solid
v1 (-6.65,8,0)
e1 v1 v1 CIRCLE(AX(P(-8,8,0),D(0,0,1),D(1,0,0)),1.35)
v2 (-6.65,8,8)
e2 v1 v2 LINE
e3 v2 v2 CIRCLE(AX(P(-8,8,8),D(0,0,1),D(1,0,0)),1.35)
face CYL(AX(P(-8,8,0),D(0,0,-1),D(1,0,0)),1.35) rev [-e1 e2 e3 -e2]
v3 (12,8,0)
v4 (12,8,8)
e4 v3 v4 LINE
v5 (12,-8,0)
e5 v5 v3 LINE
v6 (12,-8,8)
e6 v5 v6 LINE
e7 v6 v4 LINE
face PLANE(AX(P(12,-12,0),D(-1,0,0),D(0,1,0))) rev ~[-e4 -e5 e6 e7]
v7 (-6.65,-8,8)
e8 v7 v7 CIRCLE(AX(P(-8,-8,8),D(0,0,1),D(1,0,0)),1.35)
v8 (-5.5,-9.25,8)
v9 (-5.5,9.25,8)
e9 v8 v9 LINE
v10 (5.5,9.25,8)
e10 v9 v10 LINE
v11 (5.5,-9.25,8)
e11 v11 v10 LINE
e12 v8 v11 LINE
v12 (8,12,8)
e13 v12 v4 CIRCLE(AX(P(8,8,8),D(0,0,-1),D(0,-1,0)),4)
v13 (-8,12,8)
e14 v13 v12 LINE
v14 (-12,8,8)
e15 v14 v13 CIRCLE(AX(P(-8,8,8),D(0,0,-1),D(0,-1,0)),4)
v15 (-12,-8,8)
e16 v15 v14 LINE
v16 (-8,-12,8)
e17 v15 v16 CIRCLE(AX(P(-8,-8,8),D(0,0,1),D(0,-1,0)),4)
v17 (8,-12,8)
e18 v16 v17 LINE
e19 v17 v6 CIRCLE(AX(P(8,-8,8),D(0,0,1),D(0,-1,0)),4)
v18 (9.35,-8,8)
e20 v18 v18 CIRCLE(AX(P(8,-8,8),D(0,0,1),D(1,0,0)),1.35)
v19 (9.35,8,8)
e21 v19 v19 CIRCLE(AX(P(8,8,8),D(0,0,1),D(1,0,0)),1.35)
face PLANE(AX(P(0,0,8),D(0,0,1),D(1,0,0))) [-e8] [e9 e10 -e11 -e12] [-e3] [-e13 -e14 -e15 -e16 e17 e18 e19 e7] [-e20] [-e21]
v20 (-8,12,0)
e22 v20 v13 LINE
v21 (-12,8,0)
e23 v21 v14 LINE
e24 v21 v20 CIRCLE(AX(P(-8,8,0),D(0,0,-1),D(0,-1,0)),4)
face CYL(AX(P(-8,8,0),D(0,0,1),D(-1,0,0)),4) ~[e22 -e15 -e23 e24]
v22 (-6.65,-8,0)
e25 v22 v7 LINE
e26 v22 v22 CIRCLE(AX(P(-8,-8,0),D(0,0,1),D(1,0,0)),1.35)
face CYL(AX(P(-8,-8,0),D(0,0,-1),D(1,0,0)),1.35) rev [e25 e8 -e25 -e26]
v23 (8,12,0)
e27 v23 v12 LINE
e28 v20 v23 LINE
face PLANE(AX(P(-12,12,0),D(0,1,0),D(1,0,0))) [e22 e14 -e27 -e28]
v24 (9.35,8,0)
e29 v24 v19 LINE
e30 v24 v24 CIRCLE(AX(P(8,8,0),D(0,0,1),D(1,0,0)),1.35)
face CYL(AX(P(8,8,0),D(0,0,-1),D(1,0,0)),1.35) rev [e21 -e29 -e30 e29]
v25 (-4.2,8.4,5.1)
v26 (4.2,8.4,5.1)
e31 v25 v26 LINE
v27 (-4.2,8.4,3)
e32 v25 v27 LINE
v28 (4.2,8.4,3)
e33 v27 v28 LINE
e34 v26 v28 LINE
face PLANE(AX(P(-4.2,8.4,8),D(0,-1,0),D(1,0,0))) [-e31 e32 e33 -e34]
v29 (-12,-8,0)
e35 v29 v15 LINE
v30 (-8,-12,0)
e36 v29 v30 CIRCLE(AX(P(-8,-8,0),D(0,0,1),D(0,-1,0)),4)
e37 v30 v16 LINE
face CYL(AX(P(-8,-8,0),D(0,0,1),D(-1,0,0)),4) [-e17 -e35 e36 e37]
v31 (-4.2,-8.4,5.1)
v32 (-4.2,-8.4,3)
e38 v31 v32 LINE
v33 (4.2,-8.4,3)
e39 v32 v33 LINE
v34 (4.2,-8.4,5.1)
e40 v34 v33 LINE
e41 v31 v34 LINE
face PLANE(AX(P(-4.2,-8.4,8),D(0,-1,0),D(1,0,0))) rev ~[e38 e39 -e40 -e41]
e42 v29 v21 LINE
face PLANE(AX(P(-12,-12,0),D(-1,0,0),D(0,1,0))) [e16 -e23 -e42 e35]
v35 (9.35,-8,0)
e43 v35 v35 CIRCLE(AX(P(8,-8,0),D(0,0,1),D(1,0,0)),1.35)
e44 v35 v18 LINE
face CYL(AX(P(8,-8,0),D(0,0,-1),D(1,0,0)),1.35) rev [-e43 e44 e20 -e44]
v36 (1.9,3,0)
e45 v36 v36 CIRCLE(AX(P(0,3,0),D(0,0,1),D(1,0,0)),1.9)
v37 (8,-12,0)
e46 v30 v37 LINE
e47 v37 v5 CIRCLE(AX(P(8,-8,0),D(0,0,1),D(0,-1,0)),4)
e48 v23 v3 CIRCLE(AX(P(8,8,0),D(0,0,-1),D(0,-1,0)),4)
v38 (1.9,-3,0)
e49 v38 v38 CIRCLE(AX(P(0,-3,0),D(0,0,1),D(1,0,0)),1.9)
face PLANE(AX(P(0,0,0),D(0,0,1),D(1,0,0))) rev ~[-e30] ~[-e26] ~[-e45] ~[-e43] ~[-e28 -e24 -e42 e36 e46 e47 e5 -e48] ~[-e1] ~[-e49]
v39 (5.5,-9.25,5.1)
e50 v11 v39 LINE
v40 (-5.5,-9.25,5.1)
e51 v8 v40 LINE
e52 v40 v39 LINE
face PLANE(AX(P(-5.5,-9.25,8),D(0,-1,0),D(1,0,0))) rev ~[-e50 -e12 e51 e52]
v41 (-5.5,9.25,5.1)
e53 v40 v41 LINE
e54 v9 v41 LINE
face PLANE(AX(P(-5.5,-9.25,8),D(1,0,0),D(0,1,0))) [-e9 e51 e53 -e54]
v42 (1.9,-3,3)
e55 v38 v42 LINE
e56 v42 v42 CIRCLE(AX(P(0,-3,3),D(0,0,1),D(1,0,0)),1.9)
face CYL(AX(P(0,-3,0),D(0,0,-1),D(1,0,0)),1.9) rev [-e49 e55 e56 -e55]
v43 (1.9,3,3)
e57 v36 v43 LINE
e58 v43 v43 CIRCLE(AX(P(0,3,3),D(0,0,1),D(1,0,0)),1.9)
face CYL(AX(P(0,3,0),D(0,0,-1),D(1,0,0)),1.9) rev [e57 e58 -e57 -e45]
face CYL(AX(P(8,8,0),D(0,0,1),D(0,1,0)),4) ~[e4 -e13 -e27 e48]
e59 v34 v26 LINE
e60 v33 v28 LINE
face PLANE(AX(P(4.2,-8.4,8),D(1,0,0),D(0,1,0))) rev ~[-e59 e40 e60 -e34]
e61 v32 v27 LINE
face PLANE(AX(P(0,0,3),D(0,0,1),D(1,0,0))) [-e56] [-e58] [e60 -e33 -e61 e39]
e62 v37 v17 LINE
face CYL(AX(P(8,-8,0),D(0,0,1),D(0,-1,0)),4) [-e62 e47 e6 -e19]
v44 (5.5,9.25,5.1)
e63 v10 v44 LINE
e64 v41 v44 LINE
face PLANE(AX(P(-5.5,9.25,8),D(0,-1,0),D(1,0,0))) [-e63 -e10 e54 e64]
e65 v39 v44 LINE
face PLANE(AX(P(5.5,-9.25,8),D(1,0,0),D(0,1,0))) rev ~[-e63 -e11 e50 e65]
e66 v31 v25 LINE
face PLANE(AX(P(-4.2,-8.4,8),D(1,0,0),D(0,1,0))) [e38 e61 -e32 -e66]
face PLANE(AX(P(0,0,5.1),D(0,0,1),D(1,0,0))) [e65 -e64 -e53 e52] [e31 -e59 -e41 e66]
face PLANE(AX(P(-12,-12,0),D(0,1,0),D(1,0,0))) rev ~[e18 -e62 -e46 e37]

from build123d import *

# Parameters (mm, degrees)
F0_W     = 24
F0_H     = 24
F0_R     = 1.35
F0_R_2   = 1.9
F1_DEPTH = 8
F2_W     = 8.4
F2_H     = 16.8
F2_R     = 1.9
F3_DEPTH = 5
F2_W_2   = 11
F2_H_2   = 18.5
F4_DEPTH = 2.9
F5_R     = 4


with BuildPart() as f1:
    # F0 (on Top) → F1 (new body)
    with BuildSketch(Plane.XY):
        Rectangle(F0_W, F0_H)
        with Locations((-8, -8)):
            Circle(F0_R, mode=Mode.SUBTRACT)
        with Locations((8, -8)):
            Circle(F0_R, mode=Mode.SUBTRACT)
        with Locations((0, -3)):
            Circle(F0_R_2, mode=Mode.SUBTRACT)
        with Locations((-8, 8)):
            Circle(F0_R, mode=Mode.SUBTRACT)
        with Locations((0, 3)):
            Circle(F0_R_2, mode=Mode.SUBTRACT)
        with Locations((8, 8)):
            Circle(F0_R, mode=Mode.SUBTRACT)
    extrude(amount=F1_DEPTH)

    # F2 (on face) → F3 (cut)
    with BuildSketch(Plane.XY.offset(8)):
        Rectangle(F2_W, F2_H)
        with Locations((0, -3)):
            Circle(F2_R, mode=Mode.SUBTRACT)
        with Locations((0, 3)):
            Circle(F2_R, mode=Mode.SUBTRACT)
    extrude(amount=-F3_DEPTH, mode=Mode.SUBTRACT)

    # F2 (on face) → F4 (cut)
    with BuildSketch(Plane.XY.offset(8)):
        Rectangle(F2_W_2, F2_H_2)
        Rectangle(F2_W, F2_H, mode=Mode.SUBTRACT)
    extrude(amount=-F4_DEPTH, mode=Mode.SUBTRACT)

    # F5
    f5_edges = [f1.edges().sort_by_distance(p)[0] for p in [
        (-12, 12, 4),
        (12, 12, 4),
        (12, -12, 4),
        (-12, -12, 4),
    ]]
    fillet(f5_edges, radius=F5_R)


solid = f1.part
